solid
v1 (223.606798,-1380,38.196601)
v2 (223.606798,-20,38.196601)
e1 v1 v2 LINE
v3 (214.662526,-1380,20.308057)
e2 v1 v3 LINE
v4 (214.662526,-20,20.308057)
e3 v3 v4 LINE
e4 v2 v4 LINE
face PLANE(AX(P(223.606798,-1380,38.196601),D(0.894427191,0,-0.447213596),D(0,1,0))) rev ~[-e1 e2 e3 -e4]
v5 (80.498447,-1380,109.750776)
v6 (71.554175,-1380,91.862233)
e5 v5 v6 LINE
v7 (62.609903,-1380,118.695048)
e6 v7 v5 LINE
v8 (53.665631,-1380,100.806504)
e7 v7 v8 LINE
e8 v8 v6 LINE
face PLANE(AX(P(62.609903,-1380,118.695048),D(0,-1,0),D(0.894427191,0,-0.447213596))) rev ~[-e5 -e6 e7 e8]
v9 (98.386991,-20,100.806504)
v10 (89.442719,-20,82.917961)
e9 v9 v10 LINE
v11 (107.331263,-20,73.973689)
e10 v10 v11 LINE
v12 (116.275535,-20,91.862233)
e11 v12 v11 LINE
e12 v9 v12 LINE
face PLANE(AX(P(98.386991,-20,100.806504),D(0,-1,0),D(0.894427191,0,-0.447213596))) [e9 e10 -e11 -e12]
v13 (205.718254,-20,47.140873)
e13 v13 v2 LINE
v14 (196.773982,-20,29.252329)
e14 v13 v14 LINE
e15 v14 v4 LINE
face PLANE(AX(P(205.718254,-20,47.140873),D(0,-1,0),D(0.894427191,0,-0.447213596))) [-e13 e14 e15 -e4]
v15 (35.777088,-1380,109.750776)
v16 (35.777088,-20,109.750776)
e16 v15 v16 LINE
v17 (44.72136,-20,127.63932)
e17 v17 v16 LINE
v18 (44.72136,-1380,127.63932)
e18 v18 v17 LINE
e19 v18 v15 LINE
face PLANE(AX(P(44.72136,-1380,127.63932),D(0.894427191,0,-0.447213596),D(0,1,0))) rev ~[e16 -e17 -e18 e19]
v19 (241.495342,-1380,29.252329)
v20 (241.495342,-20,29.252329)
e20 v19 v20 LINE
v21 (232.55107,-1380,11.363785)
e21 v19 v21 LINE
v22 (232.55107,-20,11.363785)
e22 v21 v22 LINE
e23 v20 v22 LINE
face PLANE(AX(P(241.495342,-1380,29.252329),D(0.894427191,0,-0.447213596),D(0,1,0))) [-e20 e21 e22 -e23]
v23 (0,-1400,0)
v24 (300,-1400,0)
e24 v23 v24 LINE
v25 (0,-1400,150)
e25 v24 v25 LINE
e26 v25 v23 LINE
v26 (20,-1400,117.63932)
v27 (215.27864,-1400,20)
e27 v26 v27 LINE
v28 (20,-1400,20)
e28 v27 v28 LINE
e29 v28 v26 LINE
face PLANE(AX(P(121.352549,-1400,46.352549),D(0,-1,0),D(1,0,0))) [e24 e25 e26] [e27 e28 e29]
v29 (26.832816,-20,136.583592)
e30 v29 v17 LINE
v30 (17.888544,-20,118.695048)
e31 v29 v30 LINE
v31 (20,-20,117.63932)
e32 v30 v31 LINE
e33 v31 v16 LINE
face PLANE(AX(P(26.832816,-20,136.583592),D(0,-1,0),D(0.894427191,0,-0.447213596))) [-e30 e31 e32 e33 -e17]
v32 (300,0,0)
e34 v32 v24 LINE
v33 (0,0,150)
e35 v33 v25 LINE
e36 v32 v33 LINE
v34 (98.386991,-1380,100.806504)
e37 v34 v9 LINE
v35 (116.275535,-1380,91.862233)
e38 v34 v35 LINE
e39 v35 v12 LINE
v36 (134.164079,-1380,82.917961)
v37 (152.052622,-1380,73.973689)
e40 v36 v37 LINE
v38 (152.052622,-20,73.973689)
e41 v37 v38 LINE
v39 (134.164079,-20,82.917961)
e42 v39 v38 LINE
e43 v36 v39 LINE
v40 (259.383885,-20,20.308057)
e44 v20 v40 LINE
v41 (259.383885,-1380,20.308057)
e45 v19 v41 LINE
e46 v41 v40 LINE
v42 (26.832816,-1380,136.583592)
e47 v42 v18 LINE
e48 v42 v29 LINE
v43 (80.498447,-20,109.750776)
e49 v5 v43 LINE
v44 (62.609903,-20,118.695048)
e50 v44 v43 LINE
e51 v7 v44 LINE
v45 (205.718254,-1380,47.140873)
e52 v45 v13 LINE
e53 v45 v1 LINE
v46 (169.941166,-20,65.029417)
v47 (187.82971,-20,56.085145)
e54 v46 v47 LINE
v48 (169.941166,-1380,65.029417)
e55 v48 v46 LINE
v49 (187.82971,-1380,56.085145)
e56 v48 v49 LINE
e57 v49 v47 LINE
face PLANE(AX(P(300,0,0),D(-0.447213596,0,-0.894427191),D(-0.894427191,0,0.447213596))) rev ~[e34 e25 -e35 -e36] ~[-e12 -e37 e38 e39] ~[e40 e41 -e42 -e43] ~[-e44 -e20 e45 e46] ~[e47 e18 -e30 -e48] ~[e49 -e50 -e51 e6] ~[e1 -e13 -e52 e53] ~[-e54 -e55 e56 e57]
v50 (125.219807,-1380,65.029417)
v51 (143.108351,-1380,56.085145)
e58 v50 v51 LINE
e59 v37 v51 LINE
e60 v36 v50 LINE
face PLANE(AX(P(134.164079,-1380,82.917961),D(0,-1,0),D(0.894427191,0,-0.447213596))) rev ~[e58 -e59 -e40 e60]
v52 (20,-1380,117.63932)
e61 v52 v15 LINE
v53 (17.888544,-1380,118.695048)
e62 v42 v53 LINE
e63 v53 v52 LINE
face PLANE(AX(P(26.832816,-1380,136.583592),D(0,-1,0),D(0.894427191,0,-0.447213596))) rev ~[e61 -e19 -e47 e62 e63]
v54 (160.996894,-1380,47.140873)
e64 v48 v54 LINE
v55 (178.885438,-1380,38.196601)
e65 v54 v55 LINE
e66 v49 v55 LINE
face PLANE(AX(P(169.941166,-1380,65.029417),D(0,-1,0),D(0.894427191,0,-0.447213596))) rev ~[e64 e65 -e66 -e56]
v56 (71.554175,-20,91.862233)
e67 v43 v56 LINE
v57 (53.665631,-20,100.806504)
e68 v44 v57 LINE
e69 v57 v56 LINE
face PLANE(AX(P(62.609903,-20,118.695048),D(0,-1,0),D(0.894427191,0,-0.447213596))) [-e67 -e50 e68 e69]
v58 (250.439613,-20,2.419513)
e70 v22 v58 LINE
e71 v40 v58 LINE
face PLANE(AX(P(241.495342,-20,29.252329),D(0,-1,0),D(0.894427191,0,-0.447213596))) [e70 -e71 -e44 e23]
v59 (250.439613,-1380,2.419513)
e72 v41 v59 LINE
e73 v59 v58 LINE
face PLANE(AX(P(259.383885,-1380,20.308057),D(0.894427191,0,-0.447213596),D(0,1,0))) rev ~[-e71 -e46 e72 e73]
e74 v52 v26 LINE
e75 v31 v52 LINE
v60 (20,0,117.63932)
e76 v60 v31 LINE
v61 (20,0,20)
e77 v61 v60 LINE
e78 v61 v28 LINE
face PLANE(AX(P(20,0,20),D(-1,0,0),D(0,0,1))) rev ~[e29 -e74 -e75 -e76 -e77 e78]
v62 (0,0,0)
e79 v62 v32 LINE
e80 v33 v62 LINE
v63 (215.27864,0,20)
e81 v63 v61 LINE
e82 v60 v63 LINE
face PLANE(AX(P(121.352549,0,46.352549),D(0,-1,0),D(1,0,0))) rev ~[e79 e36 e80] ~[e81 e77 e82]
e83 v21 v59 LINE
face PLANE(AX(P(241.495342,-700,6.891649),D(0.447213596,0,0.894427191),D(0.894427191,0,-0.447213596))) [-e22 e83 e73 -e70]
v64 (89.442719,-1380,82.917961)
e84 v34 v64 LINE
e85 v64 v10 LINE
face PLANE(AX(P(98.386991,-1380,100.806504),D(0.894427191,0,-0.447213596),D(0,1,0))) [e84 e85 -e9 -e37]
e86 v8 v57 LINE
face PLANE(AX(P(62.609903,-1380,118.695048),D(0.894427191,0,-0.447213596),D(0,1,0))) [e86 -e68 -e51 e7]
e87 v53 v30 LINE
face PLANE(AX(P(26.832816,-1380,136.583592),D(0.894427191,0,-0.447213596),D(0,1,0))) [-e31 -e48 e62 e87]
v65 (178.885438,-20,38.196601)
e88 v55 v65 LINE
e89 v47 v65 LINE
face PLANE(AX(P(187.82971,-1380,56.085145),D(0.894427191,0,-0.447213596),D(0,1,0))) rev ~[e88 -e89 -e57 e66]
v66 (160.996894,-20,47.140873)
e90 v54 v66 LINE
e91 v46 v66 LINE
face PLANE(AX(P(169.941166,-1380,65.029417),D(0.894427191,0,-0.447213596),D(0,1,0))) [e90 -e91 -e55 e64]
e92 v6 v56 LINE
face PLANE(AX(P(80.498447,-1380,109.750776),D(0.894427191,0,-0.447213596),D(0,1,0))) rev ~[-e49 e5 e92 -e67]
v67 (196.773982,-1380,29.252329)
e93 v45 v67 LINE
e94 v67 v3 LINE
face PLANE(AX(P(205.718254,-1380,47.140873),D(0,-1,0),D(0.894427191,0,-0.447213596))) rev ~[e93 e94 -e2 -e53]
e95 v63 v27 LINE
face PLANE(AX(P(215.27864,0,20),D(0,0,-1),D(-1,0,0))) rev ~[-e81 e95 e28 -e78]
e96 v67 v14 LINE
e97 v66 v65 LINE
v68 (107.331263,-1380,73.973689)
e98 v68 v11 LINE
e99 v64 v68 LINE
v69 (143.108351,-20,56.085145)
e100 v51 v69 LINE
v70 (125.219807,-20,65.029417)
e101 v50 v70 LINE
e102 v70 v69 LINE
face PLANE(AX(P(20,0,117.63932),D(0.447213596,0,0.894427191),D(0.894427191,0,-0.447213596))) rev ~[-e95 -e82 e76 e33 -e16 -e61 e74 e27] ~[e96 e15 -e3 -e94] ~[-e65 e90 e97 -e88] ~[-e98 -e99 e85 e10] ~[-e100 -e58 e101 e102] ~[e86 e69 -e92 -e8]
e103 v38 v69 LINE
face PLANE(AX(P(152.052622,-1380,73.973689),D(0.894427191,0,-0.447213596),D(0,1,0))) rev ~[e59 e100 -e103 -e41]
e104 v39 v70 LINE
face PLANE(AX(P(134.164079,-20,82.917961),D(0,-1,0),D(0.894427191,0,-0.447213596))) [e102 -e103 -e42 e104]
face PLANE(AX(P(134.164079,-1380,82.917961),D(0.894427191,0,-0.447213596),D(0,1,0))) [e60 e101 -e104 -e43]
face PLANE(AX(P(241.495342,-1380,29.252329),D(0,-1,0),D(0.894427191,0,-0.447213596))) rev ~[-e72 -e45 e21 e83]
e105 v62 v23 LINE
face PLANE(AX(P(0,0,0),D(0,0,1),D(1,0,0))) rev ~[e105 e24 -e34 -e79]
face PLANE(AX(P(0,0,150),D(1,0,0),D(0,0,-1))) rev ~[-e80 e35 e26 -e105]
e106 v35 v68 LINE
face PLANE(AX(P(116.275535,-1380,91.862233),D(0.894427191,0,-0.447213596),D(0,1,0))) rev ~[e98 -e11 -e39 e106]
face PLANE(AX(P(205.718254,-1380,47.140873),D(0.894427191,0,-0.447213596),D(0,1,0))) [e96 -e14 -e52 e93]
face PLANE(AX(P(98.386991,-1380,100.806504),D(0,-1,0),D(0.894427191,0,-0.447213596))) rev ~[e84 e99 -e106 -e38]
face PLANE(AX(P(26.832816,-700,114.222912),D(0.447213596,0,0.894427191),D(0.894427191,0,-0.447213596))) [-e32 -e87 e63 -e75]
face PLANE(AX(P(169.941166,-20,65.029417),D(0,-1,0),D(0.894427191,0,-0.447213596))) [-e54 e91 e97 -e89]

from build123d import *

# Parameters (mm, degrees)
F1_DEPTH = 1400
F2_W     = 20
F2_H     = 1360
F3_DEPTH = 20


with BuildPart() as f1:
    # F0 (on Front) → F1 (new body)
    with BuildSketch(Plane.XZ):
        Polygon((0, 150), (0, 0), (300, 0), align=None)
        Polygon((215.27864045, 20), (20, 20), (20, 117.639320225), align=None, mode=Mode.SUBTRACT)
    extrude(amount=F1_DEPTH)

    # F2 (on face) → F3 (cut, through all)
    with BuildSketch(Plane(origin=(60, 0, 120), x_dir=(0.894427191, 0, -0.4472135955), z_dir=(0.4472135955, 0, 0.894427191))):
        with Locations((-27.082039325, -700)):
            Rectangle(F2_W, F2_H)
        with Locations((12.917960675, -700)):
            Rectangle(F2_W, F2_H)
        with Locations((52.917960675, -700)):
            Rectangle(F2_W, F2_H)
        with Locations((92.917960675, -700)):
            Rectangle(F2_W, F2_H)
        with Locations((132.917960675, -700)):
            Rectangle(F2_W, F2_H)
        with Locations((172.917960675, -700)):
            Rectangle(F2_W, F2_H)
        with Locations((212.917960675, -700)):
            Rectangle(F2_W, F2_H)
    extrude(amount=-F3_DEPTH, mode=Mode.SUBTRACT)


solid = f1.part
